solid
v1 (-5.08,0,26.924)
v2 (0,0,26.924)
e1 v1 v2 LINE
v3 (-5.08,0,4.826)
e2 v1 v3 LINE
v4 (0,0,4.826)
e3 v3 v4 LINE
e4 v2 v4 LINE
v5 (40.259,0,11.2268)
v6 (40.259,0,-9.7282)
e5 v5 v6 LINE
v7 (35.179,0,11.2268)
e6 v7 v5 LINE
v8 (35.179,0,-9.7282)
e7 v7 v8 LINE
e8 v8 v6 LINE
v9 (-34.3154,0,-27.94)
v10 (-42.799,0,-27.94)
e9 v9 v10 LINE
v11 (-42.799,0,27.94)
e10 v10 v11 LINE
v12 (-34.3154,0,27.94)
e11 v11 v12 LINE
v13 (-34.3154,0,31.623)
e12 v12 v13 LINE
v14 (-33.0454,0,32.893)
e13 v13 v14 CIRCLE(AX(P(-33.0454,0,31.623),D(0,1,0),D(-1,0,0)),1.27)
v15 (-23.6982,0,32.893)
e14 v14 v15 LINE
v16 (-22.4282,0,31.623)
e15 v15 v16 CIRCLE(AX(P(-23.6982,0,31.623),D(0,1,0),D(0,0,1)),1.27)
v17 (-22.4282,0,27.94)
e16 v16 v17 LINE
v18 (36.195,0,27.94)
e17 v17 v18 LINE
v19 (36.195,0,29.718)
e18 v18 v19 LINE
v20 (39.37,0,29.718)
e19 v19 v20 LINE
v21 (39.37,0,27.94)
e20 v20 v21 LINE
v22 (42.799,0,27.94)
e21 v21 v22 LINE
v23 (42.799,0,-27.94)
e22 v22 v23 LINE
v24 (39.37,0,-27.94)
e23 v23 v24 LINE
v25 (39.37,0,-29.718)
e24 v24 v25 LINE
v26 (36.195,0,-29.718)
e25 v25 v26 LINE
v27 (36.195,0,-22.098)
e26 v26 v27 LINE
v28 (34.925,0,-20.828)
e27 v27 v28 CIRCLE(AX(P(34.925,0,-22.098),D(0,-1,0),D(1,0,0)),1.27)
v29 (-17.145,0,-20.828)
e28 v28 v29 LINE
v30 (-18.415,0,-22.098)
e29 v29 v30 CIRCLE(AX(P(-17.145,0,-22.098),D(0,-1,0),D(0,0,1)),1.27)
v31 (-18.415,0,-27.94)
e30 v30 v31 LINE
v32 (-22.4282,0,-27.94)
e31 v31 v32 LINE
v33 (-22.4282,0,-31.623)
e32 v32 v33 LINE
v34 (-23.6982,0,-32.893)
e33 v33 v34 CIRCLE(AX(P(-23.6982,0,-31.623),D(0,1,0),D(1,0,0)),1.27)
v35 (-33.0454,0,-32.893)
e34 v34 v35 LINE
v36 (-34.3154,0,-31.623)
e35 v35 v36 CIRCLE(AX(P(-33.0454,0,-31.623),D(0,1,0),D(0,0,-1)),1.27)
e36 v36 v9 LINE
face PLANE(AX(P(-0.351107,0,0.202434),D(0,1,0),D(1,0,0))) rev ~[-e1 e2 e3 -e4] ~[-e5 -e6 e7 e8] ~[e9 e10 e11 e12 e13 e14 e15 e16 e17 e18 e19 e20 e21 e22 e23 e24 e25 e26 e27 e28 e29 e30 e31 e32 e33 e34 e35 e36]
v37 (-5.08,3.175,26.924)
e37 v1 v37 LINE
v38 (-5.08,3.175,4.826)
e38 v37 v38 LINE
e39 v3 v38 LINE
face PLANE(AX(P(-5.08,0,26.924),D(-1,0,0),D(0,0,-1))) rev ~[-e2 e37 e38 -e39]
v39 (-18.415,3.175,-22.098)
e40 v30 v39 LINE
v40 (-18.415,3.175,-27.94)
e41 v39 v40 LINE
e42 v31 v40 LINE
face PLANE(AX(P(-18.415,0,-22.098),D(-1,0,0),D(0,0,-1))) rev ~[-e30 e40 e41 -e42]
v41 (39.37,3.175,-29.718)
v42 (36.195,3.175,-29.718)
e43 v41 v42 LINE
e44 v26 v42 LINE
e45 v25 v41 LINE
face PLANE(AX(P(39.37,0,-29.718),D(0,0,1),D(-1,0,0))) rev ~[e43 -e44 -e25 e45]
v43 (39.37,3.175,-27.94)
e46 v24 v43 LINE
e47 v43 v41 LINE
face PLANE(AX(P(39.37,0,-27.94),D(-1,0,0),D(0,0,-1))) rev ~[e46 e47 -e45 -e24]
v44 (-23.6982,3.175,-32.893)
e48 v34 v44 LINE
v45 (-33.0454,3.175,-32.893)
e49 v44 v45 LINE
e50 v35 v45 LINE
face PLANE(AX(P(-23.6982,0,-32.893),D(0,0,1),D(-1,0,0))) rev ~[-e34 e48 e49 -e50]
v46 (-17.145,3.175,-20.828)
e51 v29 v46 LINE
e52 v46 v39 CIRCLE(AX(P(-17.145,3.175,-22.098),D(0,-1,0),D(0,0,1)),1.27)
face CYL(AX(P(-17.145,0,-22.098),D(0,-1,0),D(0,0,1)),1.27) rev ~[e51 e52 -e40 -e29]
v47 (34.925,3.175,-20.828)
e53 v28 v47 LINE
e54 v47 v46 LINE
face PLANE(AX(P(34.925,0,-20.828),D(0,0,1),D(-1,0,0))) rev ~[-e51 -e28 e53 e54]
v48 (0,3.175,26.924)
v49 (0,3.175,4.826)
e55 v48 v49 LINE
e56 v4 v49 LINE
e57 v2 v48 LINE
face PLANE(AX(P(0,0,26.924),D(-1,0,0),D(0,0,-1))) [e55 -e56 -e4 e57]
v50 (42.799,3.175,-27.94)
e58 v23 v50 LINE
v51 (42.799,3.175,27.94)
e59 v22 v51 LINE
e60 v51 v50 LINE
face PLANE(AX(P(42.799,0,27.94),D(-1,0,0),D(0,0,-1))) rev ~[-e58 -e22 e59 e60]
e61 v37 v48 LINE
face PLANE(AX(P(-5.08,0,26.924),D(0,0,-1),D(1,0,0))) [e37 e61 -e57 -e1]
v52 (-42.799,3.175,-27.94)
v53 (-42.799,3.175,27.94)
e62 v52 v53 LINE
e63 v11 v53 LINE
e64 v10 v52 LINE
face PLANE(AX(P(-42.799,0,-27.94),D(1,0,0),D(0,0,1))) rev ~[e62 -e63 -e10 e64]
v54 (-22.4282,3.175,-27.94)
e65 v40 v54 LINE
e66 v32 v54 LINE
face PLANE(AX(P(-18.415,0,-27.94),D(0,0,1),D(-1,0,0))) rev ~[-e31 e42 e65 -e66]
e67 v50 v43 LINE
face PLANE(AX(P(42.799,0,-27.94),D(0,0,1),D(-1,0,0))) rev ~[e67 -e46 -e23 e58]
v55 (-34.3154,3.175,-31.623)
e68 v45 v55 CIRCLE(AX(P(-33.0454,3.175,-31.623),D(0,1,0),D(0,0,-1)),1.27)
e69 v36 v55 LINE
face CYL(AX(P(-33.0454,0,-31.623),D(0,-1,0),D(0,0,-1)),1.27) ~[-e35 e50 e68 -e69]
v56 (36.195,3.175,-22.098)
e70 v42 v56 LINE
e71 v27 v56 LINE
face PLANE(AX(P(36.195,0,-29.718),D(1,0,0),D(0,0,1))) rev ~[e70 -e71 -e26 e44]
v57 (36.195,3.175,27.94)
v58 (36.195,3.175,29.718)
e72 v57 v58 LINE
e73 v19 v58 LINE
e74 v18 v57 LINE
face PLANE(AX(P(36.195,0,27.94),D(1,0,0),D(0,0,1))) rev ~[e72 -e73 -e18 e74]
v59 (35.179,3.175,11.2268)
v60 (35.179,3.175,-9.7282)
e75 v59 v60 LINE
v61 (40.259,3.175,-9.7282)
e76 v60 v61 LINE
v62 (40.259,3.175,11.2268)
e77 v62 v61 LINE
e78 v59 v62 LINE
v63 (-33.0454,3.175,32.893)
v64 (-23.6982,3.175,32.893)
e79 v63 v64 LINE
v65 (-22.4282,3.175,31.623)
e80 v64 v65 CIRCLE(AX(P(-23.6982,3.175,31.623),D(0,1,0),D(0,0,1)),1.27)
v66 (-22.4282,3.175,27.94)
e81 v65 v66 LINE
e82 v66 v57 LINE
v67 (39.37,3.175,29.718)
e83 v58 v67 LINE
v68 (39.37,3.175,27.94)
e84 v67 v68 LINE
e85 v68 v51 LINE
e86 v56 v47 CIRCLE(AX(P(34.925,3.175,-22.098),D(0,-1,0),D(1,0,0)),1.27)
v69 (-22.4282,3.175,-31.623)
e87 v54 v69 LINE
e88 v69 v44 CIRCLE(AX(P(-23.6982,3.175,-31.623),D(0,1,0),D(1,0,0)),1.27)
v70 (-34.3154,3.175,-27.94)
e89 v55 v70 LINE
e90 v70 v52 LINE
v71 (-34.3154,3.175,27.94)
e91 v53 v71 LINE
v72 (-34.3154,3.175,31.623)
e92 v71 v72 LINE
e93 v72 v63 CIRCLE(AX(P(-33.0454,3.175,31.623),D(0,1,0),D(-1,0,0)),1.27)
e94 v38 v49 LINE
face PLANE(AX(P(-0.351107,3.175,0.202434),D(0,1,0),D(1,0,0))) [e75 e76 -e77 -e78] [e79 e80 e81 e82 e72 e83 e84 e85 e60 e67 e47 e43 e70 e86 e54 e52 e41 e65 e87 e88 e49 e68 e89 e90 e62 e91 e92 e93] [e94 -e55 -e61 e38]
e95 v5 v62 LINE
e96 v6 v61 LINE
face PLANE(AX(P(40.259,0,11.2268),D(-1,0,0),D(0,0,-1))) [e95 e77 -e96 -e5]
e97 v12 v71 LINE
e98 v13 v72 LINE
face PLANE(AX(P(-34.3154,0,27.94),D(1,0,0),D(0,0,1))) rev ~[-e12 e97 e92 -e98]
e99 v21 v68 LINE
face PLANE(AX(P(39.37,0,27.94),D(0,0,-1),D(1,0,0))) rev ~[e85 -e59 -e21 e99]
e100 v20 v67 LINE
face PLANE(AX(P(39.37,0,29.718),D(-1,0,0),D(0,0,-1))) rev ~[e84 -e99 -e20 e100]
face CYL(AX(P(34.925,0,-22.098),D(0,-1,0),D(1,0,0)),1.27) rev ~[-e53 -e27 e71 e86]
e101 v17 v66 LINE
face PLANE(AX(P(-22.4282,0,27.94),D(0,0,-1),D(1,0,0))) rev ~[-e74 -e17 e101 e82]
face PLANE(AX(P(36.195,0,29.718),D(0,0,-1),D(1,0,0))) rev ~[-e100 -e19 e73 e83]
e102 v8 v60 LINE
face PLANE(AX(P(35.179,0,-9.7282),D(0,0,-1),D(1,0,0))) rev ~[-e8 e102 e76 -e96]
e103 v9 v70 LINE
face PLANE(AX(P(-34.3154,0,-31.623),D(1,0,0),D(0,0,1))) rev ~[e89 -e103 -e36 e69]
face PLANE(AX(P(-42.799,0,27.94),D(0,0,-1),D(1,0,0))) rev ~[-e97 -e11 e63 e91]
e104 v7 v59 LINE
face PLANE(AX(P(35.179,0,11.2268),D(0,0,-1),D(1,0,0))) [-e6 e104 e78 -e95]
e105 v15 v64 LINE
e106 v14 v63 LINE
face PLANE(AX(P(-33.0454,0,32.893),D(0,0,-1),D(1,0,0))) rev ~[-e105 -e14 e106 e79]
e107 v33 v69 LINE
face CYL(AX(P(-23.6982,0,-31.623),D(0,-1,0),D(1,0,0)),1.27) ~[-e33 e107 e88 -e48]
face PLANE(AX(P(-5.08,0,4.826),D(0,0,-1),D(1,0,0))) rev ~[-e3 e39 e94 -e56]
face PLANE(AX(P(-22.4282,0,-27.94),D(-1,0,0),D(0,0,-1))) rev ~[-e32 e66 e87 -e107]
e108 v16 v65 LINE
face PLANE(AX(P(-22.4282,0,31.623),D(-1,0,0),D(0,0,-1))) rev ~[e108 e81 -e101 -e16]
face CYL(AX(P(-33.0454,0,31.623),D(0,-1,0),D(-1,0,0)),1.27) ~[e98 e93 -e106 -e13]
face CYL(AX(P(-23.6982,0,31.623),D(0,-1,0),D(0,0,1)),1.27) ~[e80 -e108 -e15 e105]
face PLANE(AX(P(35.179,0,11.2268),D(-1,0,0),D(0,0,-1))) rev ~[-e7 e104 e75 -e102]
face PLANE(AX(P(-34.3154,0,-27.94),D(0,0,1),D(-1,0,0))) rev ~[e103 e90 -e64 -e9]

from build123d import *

# Parameters (mm, degrees)
SKETCH1_W           = 5.08
SKETCH1_H           = 20.955
SKETCH1_H_2         = 22.098
BOSS_EXTRUDE1_DEPTH = 3.175


with BuildPart() as part:
    # Sketch1 → Boss-Extrude1 (new body)
    with BuildSketch(Plane(origin=(0, 0, 0), x_dir=(1, 0, 0), z_dir=(0, 1, 0))):
        with BuildLine():
            Line((36.195, 27.94), (36.195, 22.098))
            ThreePointArc((36.195, 22.098), (35.823025612, 21.199974388), (34.925, 20.828))
            Line((34.925, 20.828), (-17.145, 20.828))
            ThreePointArc((-17.145, 20.828), (-18.043025612, 21.199974388), (-18.415, 22.098))
            Line((-18.415, 22.098), (-18.415, 27.94))
            Line((-18.415, 27.94), (-22.4282, 27.94))
            Line((-22.4282, 27.94), (-22.4282, 31.623))
            ThreePointArc((-22.4282, 31.623), (-22.800174388, 32.521025612), (-23.6982, 32.893))
            Line((-23.6982, 32.893), (-33.0454, 32.893))
            ThreePointArc((-33.0454, 32.893), (-33.943425612, 32.521025612), (-34.3154, 31.623))
            Line((-34.3154, 31.623), (-34.3154, 27.94))
            Line((-34.3154, 27.94), (-42.799, 27.94))
            Line((-42.799, 27.94), (-42.799, -27.94))
            Line((-42.799, -27.94), (-34.3154, -27.94))
            Line((-34.3154, -27.94), (-34.3154, -31.623))
            ThreePointArc((-34.3154, -31.623), (-33.943425612, -32.521025612), (-33.0454, -32.893))
            Line((-33.0454, -32.893), (-23.6982, -32.893))
            ThreePointArc((-23.6982, -32.893), (-22.800174388, -32.521025612), (-22.4282, -31.623))
            Line((-22.4282, -31.623), (-22.4282, -27.94))
            Line((-22.4282, -27.94), (36.195, -27.94))
            Line((36.195, -27.94), (36.195, -29.718))
            Line((36.195, -29.718), (39.37, -29.718))
            Line((39.37, -29.718), (39.37, -27.94))
            Line((39.37, -27.94), (42.799, -27.94))
            Line((42.799, -27.94), (42.799, 27.94))
            Line((42.799, 27.94), (39.37, 27.94))
            Line((39.37, 27.94), (39.37, 29.718))
            Line((39.37, 29.718), (36.195, 29.718))
            Line((36.195, 29.718), (36.195, 27.94))
        make_face()
        with Locations((37.719, -0.7493)):
            Rectangle(SKETCH1_W, SKETCH1_H, mode=Mode.SUBTRACT)
        with Locations((-2.54, -15.875)):
            Rectangle(SKETCH1_W, SKETCH1_H_2, mode=Mode.SUBTRACT)
    extrude(amount=BOSS_EXTRUDE1_DEPTH)


solid = part.part
